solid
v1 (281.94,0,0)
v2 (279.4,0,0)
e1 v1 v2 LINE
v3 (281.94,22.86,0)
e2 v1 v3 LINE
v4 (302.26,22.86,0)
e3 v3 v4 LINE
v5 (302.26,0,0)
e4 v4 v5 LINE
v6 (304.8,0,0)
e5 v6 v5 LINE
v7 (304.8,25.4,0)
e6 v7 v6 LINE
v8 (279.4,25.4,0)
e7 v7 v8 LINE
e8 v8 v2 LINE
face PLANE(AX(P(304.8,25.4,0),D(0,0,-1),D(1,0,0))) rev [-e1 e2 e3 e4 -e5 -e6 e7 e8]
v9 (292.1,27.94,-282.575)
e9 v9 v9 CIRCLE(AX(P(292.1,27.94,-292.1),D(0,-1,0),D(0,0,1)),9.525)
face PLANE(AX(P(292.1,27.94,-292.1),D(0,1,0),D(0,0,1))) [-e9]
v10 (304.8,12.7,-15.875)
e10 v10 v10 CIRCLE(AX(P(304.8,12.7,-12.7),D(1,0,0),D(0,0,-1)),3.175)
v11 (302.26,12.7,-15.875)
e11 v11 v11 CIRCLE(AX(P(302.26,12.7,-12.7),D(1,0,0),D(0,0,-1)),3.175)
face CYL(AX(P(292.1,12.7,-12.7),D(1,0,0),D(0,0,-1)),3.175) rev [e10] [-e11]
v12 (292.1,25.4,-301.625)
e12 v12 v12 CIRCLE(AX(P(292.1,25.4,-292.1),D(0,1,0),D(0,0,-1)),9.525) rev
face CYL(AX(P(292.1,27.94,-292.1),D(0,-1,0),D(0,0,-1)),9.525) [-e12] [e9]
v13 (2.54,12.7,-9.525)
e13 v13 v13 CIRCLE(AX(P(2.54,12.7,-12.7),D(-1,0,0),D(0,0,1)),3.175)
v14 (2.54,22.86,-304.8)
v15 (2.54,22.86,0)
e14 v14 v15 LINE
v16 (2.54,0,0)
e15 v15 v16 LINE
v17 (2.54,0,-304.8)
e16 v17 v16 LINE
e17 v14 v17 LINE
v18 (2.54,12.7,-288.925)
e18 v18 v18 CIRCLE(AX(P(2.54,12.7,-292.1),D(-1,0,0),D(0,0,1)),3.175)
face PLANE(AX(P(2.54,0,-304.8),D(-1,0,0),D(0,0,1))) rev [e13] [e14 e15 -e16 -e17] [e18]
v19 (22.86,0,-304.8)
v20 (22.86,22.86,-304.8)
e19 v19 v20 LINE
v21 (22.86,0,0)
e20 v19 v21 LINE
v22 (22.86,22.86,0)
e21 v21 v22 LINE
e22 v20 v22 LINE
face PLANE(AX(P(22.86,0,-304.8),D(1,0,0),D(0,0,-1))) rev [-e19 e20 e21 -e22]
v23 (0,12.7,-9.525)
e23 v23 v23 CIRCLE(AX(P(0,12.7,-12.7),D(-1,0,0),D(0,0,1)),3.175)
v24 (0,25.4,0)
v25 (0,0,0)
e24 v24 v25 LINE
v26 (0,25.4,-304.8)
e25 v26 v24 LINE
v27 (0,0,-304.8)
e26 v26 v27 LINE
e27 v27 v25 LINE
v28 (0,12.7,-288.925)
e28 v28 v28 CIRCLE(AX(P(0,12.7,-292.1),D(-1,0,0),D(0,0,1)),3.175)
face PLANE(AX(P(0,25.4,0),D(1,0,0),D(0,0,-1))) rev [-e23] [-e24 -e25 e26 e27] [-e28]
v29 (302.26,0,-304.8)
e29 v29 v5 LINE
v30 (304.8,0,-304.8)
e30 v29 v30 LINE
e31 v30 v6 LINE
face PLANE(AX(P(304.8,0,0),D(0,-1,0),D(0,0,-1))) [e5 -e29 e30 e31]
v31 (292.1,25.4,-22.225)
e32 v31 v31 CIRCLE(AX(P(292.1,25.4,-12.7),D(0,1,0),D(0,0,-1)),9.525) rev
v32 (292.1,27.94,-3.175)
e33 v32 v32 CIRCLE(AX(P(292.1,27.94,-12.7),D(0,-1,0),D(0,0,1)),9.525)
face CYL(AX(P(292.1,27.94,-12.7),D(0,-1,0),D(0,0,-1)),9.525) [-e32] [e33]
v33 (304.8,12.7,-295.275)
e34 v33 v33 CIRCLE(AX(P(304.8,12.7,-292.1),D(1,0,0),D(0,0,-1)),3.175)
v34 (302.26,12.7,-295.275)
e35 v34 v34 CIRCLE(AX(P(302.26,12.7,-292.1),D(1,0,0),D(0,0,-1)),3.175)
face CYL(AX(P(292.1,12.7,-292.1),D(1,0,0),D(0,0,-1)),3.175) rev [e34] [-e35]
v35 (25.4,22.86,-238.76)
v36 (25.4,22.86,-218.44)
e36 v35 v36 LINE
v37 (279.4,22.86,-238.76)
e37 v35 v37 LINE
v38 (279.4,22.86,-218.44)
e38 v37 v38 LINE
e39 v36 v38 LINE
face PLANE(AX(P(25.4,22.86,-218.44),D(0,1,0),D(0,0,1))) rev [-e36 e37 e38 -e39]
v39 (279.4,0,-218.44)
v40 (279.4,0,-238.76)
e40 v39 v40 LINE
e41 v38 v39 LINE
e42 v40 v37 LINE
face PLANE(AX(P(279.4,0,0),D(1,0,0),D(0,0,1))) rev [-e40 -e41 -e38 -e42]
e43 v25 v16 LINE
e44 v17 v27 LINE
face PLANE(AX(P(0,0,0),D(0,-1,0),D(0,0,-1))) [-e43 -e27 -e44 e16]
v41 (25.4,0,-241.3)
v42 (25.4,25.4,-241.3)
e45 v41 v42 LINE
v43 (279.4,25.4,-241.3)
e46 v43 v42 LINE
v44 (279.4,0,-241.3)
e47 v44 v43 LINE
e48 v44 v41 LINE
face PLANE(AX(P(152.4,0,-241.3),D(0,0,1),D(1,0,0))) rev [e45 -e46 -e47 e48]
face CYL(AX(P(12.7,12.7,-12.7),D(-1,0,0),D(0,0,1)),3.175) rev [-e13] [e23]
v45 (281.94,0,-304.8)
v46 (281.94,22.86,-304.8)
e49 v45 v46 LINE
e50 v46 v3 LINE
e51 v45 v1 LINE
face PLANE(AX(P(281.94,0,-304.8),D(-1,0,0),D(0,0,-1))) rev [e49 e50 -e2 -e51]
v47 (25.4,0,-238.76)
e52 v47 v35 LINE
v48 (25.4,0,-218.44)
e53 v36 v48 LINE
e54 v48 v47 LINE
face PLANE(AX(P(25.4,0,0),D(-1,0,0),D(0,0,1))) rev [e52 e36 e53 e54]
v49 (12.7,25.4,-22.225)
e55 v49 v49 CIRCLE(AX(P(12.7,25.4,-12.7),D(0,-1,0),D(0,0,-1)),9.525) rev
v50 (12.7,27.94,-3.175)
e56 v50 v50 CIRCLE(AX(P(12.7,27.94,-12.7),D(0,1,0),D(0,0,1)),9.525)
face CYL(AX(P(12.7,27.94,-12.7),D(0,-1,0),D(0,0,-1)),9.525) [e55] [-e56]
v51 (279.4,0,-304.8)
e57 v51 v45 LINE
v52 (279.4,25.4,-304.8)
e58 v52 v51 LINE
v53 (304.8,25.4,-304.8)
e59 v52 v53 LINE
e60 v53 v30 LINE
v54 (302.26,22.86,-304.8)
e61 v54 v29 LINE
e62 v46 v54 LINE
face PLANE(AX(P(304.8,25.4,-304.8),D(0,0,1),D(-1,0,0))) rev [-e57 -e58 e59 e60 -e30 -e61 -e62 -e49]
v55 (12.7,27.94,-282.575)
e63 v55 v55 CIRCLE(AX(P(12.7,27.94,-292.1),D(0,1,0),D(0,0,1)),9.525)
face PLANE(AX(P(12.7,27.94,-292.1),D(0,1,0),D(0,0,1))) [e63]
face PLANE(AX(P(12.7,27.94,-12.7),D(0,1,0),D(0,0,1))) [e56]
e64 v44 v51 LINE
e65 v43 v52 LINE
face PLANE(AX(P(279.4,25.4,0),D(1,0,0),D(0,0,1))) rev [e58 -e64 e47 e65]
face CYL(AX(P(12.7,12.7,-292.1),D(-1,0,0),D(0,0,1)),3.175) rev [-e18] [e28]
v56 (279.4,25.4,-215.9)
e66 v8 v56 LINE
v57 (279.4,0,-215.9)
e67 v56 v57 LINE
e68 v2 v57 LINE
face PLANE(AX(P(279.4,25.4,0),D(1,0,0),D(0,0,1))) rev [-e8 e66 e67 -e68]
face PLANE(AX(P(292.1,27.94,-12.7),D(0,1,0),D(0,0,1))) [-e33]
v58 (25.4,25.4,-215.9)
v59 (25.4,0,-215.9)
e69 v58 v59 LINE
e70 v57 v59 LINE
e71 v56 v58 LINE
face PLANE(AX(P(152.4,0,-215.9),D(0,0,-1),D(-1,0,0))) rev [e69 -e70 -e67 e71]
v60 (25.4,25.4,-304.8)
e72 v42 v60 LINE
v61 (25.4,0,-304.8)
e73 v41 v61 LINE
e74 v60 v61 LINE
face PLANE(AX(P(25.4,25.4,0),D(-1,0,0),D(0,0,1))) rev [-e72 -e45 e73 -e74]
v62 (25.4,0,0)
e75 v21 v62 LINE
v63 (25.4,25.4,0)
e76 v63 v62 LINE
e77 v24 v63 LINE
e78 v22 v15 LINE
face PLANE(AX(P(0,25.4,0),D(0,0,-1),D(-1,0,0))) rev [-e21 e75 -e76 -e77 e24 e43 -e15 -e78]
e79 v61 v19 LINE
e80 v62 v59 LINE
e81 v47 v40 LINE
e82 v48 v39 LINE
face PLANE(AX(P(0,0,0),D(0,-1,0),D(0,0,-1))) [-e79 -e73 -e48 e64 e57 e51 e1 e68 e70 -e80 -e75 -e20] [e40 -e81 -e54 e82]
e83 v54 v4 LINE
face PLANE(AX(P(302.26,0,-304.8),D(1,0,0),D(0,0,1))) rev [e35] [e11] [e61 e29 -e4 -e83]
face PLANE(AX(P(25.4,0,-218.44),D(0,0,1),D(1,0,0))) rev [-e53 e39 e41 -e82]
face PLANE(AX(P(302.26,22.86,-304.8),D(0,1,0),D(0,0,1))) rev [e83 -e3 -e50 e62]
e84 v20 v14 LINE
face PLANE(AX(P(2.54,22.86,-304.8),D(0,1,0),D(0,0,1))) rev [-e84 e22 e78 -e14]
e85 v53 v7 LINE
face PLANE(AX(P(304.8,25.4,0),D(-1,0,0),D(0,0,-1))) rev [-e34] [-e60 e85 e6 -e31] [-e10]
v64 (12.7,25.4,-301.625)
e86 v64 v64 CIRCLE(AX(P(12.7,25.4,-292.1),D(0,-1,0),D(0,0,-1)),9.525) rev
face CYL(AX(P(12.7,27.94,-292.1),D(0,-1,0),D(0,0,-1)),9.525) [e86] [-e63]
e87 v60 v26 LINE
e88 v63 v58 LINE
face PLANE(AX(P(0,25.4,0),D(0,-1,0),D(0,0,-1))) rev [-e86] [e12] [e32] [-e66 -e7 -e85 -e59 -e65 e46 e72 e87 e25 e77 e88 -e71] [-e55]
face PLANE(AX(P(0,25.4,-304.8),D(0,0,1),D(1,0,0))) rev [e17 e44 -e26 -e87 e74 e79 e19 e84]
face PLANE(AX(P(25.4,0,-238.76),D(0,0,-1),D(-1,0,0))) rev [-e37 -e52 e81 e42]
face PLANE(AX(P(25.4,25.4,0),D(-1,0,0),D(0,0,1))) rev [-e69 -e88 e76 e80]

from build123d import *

# Parameters (mm, degrees)
SKETCH1_W           = 25.4
SKETCH1_H           = 304.8
BOSS_EXTRUDE1_DEPTH = 25.4
SKETCH2_W           = 20.32
SKETCH2_H           = 22.86
CUT_EXTRUDE1_DEPTH  = 307.909367729
SKETCH3_R           = 9.525
BOSS_EXTRUDE2_DEPTH = 2.54
SKETCH4_W           = 25.4
SKETCH4_H           = 25.4
BOSS_EXTRUDE3_DEPTH = 127
SKETCH5_W           = 20.32
SKETCH5_H           = 22.86
CUT_EXTRUDE2_DEPTH  = 127
SKETCH6_R           = 3.175
CUT_EXTRUDE3_DEPTH  = 12.7
CUT_EXTRUDE4_START  = -12.7
SKETCH7_R           = 3.175
CUT_EXTRUDE4_DEPTH  = 12.7


with BuildPart() as part:
    # Sketch1 → Boss-Extrude1 (new body)
    with BuildSketch(Plane(origin=(0, 0, 0), x_dir=(1, 0, 0), z_dir=(0, 1, 0))):
        with Locations((12.7, 152.4)):
            Rectangle(SKETCH1_W, SKETCH1_H)
    extrude(amount=BOSS_EXTRUDE1_DEPTH)

    # Sketch2 → Cut-Extrude1 (cut, through all)
    with BuildSketch(Plane.XY):
        with Locations((12.7, 11.43)):
            Rectangle(SKETCH2_W, SKETCH2_H)
    extrude(amount=-CUT_EXTRUDE1_DEPTH, mode=Mode.SUBTRACT)

    # Sketch3 → Boss-Extrude2 (add)
    with BuildSketch(Plane(origin=(0, 25.4, 0), x_dir=(1, 0, 0), z_dir=(0, 1, 0))):
        with Locations(Location((12.7, 12.7, 0), (0, 0, 90))):
            Circle(SKETCH3_R)
        with Locations(Location((12.7, 292.1, 0), (0, 0, 90))):
            Circle(SKETCH3_R)
    extrude(amount=BOSS_EXTRUDE2_DEPTH)

    # Sketch4 → Boss-Extrude3 (add)
    with BuildSketch(Plane(origin=(25.4, 0, 0), x_dir=(0, 0, -1), z_dir=(1, 0, 0))):
        with Locations((228.6, 12.7)):
            Rectangle(SKETCH4_W, SKETCH4_H)
    extrude(amount=BOSS_EXTRUDE3_DEPTH)

    # Sketch5 → Cut-Extrude2 (cut)
    with BuildSketch(Plane(origin=(152.4, 0, 0), x_dir=(0, 0, -1), z_dir=(1, 0, 0))):
        with Locations((228.6, 11.43)):
            Rectangle(SKETCH5_W, SKETCH5_H)
    extrude(amount=-CUT_EXTRUDE2_DEPTH, mode=Mode.SUBTRACT)

    # Mirror5: part across plane


with BuildPart() as part_1:
    add(part.part)
    add(part.part.mirror(Plane.ZY.offset(-152.4)))

    # Sketch6 → Cut-Extrude3 (cut)
    with BuildSketch(Plane(origin=(304.8, 0, 0), x_dir=(0, 0, -1), z_dir=(1, 0, 0))):
        with Locations((12.7, 12.7)):
            Circle(SKETCH6_R)
        with Locations((292.1, 12.7)):
            Circle(SKETCH6_R)
    extrude(amount=-CUT_EXTRUDE3_DEPTH, mode=Mode.SUBTRACT)

    # Sketch7 → Cut-Extrude4 (cut)
    with BuildSketch(Plane.ZY.offset(CUT_EXTRUDE4_START)):
        with Locations(Location((-292.1, 12.7, 0), (0, 0, 180))):
            Circle(SKETCH7_R)
        with Locations(Location((-12.7, 12.7, 0), (0, 0, 180))):
            Circle(SKETCH7_R)
    extrude(amount=CUT_EXTRUDE4_DEPTH, mode=Mode.SUBTRACT)


solid = part_1.part
